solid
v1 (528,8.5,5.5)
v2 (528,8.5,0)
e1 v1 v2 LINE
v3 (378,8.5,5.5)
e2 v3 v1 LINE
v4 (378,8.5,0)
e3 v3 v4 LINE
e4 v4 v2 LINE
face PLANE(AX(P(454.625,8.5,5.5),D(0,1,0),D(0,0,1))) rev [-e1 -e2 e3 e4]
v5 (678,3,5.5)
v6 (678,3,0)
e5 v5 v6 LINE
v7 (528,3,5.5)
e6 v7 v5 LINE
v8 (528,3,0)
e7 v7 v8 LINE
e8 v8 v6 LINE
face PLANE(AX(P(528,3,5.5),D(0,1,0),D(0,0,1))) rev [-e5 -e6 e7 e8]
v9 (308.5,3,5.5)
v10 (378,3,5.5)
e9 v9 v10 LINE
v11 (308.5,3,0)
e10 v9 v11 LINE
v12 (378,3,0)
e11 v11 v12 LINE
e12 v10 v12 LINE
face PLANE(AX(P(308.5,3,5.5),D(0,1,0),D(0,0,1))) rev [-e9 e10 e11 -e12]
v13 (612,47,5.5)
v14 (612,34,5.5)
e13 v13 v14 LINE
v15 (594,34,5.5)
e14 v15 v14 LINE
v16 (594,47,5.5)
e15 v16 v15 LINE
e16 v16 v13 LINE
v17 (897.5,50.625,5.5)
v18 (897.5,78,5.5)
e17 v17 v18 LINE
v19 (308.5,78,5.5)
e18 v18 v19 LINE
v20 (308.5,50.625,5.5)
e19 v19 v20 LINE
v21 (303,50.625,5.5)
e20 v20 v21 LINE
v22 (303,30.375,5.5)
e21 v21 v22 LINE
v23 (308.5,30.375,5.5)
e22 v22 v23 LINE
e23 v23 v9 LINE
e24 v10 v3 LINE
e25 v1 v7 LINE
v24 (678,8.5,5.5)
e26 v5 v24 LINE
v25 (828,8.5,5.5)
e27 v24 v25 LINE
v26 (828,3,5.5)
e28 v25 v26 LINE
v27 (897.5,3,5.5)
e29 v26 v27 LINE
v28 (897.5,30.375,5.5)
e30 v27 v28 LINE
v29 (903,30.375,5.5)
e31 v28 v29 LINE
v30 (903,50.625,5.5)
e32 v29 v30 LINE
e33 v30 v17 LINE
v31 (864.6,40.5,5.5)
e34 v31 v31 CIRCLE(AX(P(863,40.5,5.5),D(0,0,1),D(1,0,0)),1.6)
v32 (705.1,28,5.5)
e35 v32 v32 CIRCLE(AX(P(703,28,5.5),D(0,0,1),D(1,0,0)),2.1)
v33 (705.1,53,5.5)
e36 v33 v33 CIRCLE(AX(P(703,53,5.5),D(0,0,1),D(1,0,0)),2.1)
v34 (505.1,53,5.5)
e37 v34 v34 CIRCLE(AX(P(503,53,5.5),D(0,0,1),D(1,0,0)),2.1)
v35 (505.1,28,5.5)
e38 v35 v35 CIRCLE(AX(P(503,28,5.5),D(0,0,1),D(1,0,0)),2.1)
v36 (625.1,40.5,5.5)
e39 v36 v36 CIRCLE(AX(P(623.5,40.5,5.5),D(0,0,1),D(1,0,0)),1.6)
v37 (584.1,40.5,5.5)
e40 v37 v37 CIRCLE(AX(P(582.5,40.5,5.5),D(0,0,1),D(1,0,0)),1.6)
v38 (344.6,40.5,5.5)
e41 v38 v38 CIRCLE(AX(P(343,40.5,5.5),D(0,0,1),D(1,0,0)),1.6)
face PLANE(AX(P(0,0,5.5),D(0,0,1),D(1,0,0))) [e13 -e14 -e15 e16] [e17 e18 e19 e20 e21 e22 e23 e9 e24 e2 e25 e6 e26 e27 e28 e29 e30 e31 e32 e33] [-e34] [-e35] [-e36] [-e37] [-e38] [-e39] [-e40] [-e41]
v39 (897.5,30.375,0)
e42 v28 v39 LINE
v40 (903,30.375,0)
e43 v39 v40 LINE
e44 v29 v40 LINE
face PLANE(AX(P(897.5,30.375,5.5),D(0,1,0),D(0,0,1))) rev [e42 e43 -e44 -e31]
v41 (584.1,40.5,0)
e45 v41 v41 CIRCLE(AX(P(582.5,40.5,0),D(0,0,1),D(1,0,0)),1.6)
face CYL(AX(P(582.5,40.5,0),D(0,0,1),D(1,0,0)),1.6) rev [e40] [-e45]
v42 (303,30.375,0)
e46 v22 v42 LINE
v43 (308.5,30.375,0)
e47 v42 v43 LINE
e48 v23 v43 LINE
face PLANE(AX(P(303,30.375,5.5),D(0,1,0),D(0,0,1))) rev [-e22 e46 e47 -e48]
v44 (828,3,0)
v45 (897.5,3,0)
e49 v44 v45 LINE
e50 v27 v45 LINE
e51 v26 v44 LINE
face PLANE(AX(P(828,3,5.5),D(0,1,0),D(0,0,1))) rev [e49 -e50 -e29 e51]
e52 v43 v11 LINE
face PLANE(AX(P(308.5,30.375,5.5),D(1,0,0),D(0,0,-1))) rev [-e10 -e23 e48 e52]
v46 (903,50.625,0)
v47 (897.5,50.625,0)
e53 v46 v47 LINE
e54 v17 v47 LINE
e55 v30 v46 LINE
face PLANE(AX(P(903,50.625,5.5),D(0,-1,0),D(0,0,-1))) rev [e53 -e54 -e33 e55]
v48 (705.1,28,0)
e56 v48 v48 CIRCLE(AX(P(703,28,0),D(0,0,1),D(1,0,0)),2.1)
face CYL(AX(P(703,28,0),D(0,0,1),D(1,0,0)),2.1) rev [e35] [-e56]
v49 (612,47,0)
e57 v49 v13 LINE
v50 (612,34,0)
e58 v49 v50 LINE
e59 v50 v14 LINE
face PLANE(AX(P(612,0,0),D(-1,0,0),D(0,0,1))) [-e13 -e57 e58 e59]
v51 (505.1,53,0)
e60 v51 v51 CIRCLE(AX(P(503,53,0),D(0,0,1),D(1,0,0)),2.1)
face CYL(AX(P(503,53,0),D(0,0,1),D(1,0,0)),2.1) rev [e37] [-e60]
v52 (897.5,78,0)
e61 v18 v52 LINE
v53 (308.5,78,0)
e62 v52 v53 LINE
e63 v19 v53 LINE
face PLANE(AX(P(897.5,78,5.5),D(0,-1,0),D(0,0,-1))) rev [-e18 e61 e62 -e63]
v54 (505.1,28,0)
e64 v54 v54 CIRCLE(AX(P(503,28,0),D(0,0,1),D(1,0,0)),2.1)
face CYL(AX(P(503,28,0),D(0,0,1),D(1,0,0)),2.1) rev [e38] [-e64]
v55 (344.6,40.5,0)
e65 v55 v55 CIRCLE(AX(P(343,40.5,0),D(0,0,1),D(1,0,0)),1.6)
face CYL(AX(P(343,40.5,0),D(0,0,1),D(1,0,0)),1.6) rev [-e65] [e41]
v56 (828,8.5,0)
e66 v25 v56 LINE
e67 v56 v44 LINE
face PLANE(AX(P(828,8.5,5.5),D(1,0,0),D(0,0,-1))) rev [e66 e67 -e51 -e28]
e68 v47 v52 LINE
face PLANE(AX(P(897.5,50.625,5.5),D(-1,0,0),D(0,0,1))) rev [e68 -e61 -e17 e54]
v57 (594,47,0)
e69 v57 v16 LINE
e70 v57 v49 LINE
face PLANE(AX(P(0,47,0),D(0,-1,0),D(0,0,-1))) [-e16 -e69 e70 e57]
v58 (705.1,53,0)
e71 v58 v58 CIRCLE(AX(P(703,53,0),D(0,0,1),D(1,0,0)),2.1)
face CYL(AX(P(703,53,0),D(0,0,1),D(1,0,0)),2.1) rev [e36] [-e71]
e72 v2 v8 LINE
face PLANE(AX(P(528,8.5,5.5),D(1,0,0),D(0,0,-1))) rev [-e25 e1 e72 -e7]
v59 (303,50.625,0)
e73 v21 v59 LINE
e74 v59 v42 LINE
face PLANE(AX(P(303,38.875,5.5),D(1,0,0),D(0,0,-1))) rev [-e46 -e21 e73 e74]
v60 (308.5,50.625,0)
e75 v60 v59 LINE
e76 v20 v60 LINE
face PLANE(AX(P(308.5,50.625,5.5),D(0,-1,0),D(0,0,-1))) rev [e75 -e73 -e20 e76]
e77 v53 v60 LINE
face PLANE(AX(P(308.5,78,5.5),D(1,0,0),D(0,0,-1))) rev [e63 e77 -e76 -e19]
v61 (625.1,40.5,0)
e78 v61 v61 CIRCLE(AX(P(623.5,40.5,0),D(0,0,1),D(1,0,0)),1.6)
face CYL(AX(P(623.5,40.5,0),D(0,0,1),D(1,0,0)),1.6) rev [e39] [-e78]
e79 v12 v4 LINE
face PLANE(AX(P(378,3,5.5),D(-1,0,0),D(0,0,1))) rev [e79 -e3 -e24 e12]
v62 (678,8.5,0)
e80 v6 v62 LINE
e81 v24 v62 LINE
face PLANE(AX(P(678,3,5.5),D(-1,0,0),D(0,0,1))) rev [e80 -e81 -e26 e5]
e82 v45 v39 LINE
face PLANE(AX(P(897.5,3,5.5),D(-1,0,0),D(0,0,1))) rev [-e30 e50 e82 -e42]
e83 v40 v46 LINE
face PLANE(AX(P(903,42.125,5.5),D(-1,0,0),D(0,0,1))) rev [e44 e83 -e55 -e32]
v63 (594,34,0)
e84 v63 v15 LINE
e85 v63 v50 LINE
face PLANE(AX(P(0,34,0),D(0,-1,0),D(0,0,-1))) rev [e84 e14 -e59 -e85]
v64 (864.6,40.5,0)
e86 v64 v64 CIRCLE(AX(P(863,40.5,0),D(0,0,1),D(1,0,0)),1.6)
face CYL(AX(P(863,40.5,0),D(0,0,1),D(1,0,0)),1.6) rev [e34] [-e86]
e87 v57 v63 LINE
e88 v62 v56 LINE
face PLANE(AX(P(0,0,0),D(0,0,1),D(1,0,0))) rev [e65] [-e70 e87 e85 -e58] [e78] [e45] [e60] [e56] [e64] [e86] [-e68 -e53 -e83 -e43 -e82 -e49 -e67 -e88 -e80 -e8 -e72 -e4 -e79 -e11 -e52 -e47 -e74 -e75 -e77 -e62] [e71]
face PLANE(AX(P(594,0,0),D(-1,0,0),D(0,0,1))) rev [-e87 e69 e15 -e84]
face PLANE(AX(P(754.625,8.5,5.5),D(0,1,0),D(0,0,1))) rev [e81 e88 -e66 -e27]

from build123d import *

# Parameters (mm, degrees)
BOSS_EXTRUDE1_DEPTH     = 5.5
CUT_EXTRUDE1_DEPTH      = 907.379197687
CUT_EXTRUDE1_DEPTH_BACK = 907.379197687
SKETCH2_R               = 1.6
SKETCH2_W               = 18
SKETCH2_H               = 13
SKETCH3_R               = 2.1
CUT_EXTRUDE2_DEPTH      = 907.379197687
SKETCH4_R               = 1.6
CUT_EXTRUDE3_DEPTH      = 907.379197687
SKETCH5_W               = 3.25
SKETCH5_H               = 9.45
SKETCH5_H_2             = 2.65
SKETCH5_W_2             = 1.25
SKETCH5_H_3             = 3.25
BOSS_EXTRUDE2_DEPTH     = 5.5


with BuildPart() as part:
    # Sketch1 → Boss-Extrude1 (new body)
    with BuildSketch(Plane.XY):
        Polygon((308.5, 78), (308.5, 50.625), (303, 50.625), (303, 42.125), (306.25, 42.125), (306.25, 40.5), (306.25, 38.875), (303, 38.875), (303, 30.375), (308.5, 30.375), (308.5, 3), (378, 3), (378, 8.5), (451.375, 8.5), (451.375, 17.95), (450.125, 17.95), (450.125, 20.6), (451.375, 20.6), (451.375, 23.25), (454.625, 23.25), (454.625, 20.6), (455.875, 20.6), (455.875, 17.95), (454.625, 17.95), (454.625, 8.5), (528, 8.5), (528, 3), (678, 3), (678, 8.5), (751.375, 8.5), (751.375, 17.95), (750.125, 17.95), (750.125, 20.6), (751.375, 20.6), (751.375, 23.25), (754.625, 23.25), (754.625, 20.6), (755.875, 20.6), (755.875, 17.95), (754.625, 17.95), (754.625, 8.5), (828, 8.5), (828, 3), (897.5, 3), (897.5, 30.375), (903, 30.375), (903, 38.875), (899.75, 38.875), (899.75, 40.5), (899.75, 42.125), (903, 42.125), (903, 50.625), (897.5, 50.625), (897.5, 78), align=None)
    extrude(amount=BOSS_EXTRUDE1_DEPTH)

    # Sketch2 → Cut-Extrude1 (cut, two sides: drawn at the far end of the back side and taken through both)
    with BuildSketch(Plane.XY.offset(5.5).offset(-CUT_EXTRUDE1_DEPTH_BACK)):
        with Locations((582.5, 40.5)):
            Circle(SKETCH2_R)
        with Locations((623.5, 40.5)):
            Circle(SKETCH2_R)
        with Locations((603, 40.5)):
            Rectangle(SKETCH2_W, SKETCH2_H)
    extrude(amount=CUT_EXTRUDE1_DEPTH + CUT_EXTRUDE1_DEPTH_BACK, mode=Mode.SUBTRACT)

    # Sketch3 → Cut-Extrude2 (cut, through all)
    with BuildSketch(Plane.XY.offset(5.5)):
        with Locations((503, 53)):
            Circle(SKETCH3_R)
        with Locations((503, 28)):
            Circle(SKETCH3_R)
        with Locations((703, 28)):
            Circle(SKETCH3_R)
        with Locations((703, 53)):
            Circle(SKETCH3_R)
    extrude(amount=-CUT_EXTRUDE2_DEPTH, mode=Mode.SUBTRACT)

    # Sketch4 → Cut-Extrude3 (cut, through all)
    with BuildSketch(Plane.XY.offset(5.5)):
        with Locations((343, 40.5)):
            Circle(SKETCH4_R)
        with Locations((863, 40.5)):
            Circle(SKETCH4_R)
    extrude(amount=-CUT_EXTRUDE3_DEPTH, mode=Mode.SUBTRACT)

    # Sketch5 → Boss-Extrude2 (add)
    with BuildSketch(Plane.XY.offset(5.5)):
        with Locations((753, 13.225)):
            Rectangle(SKETCH5_W, SKETCH5_H)
        with Locations((753, 19.275)):
            Rectangle(SKETCH5_W, SKETCH5_H_2)
        with Locations((750.75, 19.275)):
            Rectangle(SKETCH5_W_2, SKETCH5_H_2)
        with Locations((753, 21.925)):
            Rectangle(SKETCH5_W, SKETCH5_H_2)
        with Locations((755.25, 19.275)):
            Rectangle(SKETCH5_W_2, SKETCH5_H_2)
        with Locations((901.375, 40.5)):
            Rectangle(SKETCH5_W, SKETCH5_H_3)
        with Locations((453, 13.225)):
            Rectangle(SKETCH5_W, SKETCH5_H)
        with Locations((453, 19.275)):
            Rectangle(SKETCH5_W, SKETCH5_H_2)
        with Locations((453, 21.925)):
            Rectangle(SKETCH5_W, SKETCH5_H_2)
        with Locations((450.75, 19.275)):
            Rectangle(SKETCH5_W_2, SKETCH5_H_2)
        with Locations((455.25, 19.275)):
            Rectangle(SKETCH5_W_2, SKETCH5_H_2)
        with Locations((304.625, 40.5)):
            Rectangle(SKETCH5_W, SKETCH5_H_3)
    extrude(amount=-BOSS_EXTRUDE2_DEPTH)


solid = part.part
